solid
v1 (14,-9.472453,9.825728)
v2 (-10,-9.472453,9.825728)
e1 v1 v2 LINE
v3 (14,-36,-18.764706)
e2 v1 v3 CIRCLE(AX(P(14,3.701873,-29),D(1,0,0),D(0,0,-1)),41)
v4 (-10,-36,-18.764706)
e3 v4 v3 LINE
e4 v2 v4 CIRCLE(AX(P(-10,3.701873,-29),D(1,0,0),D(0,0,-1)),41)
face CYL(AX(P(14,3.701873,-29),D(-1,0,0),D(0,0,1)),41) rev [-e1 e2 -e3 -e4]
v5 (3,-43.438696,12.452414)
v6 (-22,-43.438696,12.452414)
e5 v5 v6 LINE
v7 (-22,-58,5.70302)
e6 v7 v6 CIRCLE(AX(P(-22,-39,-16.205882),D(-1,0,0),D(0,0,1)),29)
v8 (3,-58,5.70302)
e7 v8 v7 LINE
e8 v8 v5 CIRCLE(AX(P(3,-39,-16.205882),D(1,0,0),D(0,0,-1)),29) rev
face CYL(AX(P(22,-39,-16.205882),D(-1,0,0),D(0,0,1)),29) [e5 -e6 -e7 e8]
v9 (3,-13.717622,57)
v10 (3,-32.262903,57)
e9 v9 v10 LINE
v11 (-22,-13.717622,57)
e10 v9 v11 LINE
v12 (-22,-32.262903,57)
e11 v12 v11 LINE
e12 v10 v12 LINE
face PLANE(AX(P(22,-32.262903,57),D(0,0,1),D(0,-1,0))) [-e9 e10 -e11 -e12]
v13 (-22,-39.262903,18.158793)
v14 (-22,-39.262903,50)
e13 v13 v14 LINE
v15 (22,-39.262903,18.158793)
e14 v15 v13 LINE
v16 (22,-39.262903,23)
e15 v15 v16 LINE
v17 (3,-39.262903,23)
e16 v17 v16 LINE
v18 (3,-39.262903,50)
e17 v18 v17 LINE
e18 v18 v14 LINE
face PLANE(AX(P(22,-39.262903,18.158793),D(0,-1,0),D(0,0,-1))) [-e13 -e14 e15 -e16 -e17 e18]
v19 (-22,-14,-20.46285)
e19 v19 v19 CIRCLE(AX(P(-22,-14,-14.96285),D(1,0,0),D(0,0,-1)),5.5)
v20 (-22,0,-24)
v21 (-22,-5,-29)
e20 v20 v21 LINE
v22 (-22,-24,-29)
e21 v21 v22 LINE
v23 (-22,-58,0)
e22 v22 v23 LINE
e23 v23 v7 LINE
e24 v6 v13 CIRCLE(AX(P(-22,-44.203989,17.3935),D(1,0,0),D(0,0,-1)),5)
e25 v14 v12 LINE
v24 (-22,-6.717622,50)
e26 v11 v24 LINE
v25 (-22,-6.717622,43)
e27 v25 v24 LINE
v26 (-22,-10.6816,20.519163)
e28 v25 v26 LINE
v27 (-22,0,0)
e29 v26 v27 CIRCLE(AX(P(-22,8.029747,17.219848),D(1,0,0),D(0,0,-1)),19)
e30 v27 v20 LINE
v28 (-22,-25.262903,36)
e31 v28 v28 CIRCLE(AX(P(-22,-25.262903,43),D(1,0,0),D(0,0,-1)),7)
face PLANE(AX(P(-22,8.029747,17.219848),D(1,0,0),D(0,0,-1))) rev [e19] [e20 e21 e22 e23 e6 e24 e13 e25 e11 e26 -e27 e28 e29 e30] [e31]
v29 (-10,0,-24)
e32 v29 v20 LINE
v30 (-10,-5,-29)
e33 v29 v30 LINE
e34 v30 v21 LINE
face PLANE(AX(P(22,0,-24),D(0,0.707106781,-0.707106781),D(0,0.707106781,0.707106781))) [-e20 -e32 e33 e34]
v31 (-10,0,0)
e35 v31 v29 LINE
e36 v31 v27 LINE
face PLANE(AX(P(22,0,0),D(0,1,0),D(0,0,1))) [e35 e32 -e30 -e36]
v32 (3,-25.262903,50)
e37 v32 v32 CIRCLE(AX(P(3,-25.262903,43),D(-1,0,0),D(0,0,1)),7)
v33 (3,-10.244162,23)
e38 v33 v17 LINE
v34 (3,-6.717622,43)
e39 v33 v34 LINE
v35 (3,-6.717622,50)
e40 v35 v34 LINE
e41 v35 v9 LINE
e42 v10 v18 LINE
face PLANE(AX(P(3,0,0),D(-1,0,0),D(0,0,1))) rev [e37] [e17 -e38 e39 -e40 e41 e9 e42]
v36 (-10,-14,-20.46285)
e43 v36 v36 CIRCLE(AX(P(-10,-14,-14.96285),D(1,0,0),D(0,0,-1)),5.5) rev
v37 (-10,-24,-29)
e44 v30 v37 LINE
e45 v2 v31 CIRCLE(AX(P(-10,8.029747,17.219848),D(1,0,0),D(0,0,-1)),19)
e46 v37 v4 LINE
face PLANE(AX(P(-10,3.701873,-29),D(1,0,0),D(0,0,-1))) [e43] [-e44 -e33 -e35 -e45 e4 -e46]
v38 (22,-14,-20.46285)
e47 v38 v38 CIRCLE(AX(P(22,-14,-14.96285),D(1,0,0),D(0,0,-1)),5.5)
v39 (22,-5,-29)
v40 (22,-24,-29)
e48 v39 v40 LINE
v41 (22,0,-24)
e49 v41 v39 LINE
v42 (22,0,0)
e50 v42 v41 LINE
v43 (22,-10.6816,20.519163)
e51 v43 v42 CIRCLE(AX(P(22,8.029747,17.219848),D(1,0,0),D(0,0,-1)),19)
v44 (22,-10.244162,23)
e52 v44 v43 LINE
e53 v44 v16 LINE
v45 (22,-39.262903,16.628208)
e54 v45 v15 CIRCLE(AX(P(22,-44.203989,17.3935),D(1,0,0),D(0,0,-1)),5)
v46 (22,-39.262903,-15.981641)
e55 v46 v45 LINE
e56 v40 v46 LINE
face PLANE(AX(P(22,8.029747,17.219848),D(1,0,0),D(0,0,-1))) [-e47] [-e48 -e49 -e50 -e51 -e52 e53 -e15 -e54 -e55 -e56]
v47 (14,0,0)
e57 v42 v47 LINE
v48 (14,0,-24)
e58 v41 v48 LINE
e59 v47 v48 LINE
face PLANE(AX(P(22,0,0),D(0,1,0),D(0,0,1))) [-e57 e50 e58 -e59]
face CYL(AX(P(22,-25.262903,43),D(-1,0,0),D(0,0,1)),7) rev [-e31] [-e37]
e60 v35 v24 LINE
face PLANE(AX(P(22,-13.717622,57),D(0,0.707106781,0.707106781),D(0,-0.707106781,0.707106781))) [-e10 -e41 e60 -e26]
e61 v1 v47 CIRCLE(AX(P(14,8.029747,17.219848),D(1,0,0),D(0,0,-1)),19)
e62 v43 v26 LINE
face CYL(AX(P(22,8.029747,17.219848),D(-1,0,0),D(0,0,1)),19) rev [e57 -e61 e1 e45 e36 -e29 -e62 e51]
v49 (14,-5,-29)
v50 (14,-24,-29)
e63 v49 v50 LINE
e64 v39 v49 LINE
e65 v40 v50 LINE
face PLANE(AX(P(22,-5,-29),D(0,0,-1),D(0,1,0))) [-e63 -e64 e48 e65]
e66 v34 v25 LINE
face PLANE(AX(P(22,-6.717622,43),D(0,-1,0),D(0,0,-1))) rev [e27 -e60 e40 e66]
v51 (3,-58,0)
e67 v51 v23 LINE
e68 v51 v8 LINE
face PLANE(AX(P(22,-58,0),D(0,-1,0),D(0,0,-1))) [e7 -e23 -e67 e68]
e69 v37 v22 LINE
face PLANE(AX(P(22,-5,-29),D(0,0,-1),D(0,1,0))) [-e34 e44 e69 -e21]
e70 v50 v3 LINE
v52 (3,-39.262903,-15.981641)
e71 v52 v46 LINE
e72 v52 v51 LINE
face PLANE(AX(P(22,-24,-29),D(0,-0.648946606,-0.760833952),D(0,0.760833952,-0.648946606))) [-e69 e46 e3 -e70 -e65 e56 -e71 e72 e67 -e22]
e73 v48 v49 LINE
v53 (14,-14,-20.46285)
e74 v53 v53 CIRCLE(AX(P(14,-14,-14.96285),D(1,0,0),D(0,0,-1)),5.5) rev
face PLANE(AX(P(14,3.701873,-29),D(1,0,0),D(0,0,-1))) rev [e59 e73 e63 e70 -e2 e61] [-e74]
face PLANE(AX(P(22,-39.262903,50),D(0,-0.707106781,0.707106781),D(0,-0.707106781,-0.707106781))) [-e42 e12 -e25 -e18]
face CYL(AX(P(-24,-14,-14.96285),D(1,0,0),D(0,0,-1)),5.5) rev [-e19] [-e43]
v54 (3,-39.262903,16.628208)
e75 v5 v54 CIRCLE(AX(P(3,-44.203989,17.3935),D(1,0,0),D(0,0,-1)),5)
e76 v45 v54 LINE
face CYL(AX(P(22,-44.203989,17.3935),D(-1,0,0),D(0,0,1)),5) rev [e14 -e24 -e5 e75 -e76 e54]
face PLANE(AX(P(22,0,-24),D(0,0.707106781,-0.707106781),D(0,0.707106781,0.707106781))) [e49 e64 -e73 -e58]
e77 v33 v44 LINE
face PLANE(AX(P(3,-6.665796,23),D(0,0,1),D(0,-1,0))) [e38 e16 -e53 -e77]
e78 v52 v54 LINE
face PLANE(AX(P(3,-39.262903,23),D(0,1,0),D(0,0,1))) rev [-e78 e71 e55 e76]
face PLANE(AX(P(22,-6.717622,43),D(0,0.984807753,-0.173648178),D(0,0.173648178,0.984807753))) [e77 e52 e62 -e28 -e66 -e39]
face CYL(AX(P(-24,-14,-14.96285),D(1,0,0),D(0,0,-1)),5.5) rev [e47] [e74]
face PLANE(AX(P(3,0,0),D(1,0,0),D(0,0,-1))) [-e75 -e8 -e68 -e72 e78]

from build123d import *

# Parameters (mm, degrees)
SKETCH1_R               = 7
BOSS_EXTRUDE3_DEPTH     = 22
SKETCH8_R               = 5.5
CUT_EXTRUDE1_DEPTH      = 46
SKETCH10_W              = 34.059077951
SKETCH10_H              = 32.597107019
CUT_EXTRUDE2_DEPTH      = 19
SKETCH19_R              = 41
CUT_EXTRUDE5_DEPTH      = 14
CUT_EXTRUDE5_DEPTH_BACK = 10
SKETCH21_W              = 39.040087977
SKETCH21_H              = 19
CUT_EXTRUDE7_DEPTH      = 19


with BuildPart() as part:
    # Sketch1 → Boss-Extrude3 (new body, symmetric)
    with BuildSketch(Plane(origin=(0, 0, 0), x_dir=(0, 0, -1), z_dir=(1, 0, 0))):
        with BuildLine():
            Line((0, 0), (24, 0))
            Line((24, 0), (29, -5))
            Line((29, -5), (29, -24))
            Line((29, -24), (0, -58))
            Line((0, -58), (-5.703019947, -58))
            ThreePointArc((-5.703019947, -58), (-7.775768892, -55.305839554), (-9.519025669, -52.387647562))
            ThreePointArc((-9.519025669, -52.387647562), (-11.35140658, -48.033040831), (-12.452414435, -43.438696342))
            ThreePointArc((-12.452414435, -43.438696342), (-14.440768413, -40.168970146), (-18.158792561, -39.262903161))
            Line((-18.158792561, -39.262903161), (-50, -39.262903161))
            Line((-50, -39.262903161), (-57, -32.262903161))
            Line((-57, -32.262903161), (-57, -13.71762228))
            Line((-57, -13.71762228), (-50, -6.71762228))
            Line((-50, -6.71762228), (-43, -6.71762228))
            Line((-43, -6.71762228), (-20.519163329, -10.681600334))
            ThreePointArc((-20.519163329, -10.681600334), (-8.446624302, -8.823458857), (0, 0))
        make_face()
        with Locations((-43, -25.262903161)):
            Circle(SKETCH1_R, mode=Mode.SUBTRACT)
    extrude(amount=BOSS_EXTRUDE3_DEPTH, both=True)

    # Sketch8 → Cut-Extrude1 (cut)
    with BuildSketch(Plane(origin=(22, 0, 0), x_dir=(0, 0, -1), z_dir=(1, 0, 0))):
        with Locations((14.962850045, -14)):
            Circle(SKETCH8_R)
    extrude(amount=-CUT_EXTRUDE1_DEPTH, mode=Mode.SUBTRACT)

    # Sketch10 → Cut-Extrude2 (cut)
    with BuildSketch(Plane(origin=(22, 0, 0), x_dir=(0, 0, -1), z_dir=(1, 0, 0))):
        with Locations((-40.029538976, -22.964349652)):
            Rectangle(SKETCH10_W, SKETCH10_H)
    extrude(amount=-CUT_EXTRUDE2_DEPTH, mode=Mode.SUBTRACT)

    # Sketch19 → Cut-Extrude5 (cut, two sides)
    with BuildSketch(Plane(origin=(0, 0, 0), x_dir=(0, 0, -1), z_dir=(1, 0, 0))) as cut_extrude5_sk:
        with Locations((29, 3.701873436)):
            Circle(SKETCH19_R)
    extrude(amount=CUT_EXTRUDE5_DEPTH, mode=Mode.SUBTRACT)
    extrude(cut_extrude5_sk.sketch, amount=-CUT_EXTRUDE5_DEPTH_BACK, mode=Mode.SUBTRACT)

    # Sketch21 → Cut-Extrude7 (cut)
    with BuildSketch(Plane(origin=(22, 0, 0), x_dir=(0, 0, -1), z_dir=(1, 0, 0))):
        with Locations((-3.479956011, -48.762903161)):
            Rectangle(SKETCH21_W, SKETCH21_H)
    extrude(amount=-CUT_EXTRUDE7_DEPTH, mode=Mode.SUBTRACT)


solid = part.part
